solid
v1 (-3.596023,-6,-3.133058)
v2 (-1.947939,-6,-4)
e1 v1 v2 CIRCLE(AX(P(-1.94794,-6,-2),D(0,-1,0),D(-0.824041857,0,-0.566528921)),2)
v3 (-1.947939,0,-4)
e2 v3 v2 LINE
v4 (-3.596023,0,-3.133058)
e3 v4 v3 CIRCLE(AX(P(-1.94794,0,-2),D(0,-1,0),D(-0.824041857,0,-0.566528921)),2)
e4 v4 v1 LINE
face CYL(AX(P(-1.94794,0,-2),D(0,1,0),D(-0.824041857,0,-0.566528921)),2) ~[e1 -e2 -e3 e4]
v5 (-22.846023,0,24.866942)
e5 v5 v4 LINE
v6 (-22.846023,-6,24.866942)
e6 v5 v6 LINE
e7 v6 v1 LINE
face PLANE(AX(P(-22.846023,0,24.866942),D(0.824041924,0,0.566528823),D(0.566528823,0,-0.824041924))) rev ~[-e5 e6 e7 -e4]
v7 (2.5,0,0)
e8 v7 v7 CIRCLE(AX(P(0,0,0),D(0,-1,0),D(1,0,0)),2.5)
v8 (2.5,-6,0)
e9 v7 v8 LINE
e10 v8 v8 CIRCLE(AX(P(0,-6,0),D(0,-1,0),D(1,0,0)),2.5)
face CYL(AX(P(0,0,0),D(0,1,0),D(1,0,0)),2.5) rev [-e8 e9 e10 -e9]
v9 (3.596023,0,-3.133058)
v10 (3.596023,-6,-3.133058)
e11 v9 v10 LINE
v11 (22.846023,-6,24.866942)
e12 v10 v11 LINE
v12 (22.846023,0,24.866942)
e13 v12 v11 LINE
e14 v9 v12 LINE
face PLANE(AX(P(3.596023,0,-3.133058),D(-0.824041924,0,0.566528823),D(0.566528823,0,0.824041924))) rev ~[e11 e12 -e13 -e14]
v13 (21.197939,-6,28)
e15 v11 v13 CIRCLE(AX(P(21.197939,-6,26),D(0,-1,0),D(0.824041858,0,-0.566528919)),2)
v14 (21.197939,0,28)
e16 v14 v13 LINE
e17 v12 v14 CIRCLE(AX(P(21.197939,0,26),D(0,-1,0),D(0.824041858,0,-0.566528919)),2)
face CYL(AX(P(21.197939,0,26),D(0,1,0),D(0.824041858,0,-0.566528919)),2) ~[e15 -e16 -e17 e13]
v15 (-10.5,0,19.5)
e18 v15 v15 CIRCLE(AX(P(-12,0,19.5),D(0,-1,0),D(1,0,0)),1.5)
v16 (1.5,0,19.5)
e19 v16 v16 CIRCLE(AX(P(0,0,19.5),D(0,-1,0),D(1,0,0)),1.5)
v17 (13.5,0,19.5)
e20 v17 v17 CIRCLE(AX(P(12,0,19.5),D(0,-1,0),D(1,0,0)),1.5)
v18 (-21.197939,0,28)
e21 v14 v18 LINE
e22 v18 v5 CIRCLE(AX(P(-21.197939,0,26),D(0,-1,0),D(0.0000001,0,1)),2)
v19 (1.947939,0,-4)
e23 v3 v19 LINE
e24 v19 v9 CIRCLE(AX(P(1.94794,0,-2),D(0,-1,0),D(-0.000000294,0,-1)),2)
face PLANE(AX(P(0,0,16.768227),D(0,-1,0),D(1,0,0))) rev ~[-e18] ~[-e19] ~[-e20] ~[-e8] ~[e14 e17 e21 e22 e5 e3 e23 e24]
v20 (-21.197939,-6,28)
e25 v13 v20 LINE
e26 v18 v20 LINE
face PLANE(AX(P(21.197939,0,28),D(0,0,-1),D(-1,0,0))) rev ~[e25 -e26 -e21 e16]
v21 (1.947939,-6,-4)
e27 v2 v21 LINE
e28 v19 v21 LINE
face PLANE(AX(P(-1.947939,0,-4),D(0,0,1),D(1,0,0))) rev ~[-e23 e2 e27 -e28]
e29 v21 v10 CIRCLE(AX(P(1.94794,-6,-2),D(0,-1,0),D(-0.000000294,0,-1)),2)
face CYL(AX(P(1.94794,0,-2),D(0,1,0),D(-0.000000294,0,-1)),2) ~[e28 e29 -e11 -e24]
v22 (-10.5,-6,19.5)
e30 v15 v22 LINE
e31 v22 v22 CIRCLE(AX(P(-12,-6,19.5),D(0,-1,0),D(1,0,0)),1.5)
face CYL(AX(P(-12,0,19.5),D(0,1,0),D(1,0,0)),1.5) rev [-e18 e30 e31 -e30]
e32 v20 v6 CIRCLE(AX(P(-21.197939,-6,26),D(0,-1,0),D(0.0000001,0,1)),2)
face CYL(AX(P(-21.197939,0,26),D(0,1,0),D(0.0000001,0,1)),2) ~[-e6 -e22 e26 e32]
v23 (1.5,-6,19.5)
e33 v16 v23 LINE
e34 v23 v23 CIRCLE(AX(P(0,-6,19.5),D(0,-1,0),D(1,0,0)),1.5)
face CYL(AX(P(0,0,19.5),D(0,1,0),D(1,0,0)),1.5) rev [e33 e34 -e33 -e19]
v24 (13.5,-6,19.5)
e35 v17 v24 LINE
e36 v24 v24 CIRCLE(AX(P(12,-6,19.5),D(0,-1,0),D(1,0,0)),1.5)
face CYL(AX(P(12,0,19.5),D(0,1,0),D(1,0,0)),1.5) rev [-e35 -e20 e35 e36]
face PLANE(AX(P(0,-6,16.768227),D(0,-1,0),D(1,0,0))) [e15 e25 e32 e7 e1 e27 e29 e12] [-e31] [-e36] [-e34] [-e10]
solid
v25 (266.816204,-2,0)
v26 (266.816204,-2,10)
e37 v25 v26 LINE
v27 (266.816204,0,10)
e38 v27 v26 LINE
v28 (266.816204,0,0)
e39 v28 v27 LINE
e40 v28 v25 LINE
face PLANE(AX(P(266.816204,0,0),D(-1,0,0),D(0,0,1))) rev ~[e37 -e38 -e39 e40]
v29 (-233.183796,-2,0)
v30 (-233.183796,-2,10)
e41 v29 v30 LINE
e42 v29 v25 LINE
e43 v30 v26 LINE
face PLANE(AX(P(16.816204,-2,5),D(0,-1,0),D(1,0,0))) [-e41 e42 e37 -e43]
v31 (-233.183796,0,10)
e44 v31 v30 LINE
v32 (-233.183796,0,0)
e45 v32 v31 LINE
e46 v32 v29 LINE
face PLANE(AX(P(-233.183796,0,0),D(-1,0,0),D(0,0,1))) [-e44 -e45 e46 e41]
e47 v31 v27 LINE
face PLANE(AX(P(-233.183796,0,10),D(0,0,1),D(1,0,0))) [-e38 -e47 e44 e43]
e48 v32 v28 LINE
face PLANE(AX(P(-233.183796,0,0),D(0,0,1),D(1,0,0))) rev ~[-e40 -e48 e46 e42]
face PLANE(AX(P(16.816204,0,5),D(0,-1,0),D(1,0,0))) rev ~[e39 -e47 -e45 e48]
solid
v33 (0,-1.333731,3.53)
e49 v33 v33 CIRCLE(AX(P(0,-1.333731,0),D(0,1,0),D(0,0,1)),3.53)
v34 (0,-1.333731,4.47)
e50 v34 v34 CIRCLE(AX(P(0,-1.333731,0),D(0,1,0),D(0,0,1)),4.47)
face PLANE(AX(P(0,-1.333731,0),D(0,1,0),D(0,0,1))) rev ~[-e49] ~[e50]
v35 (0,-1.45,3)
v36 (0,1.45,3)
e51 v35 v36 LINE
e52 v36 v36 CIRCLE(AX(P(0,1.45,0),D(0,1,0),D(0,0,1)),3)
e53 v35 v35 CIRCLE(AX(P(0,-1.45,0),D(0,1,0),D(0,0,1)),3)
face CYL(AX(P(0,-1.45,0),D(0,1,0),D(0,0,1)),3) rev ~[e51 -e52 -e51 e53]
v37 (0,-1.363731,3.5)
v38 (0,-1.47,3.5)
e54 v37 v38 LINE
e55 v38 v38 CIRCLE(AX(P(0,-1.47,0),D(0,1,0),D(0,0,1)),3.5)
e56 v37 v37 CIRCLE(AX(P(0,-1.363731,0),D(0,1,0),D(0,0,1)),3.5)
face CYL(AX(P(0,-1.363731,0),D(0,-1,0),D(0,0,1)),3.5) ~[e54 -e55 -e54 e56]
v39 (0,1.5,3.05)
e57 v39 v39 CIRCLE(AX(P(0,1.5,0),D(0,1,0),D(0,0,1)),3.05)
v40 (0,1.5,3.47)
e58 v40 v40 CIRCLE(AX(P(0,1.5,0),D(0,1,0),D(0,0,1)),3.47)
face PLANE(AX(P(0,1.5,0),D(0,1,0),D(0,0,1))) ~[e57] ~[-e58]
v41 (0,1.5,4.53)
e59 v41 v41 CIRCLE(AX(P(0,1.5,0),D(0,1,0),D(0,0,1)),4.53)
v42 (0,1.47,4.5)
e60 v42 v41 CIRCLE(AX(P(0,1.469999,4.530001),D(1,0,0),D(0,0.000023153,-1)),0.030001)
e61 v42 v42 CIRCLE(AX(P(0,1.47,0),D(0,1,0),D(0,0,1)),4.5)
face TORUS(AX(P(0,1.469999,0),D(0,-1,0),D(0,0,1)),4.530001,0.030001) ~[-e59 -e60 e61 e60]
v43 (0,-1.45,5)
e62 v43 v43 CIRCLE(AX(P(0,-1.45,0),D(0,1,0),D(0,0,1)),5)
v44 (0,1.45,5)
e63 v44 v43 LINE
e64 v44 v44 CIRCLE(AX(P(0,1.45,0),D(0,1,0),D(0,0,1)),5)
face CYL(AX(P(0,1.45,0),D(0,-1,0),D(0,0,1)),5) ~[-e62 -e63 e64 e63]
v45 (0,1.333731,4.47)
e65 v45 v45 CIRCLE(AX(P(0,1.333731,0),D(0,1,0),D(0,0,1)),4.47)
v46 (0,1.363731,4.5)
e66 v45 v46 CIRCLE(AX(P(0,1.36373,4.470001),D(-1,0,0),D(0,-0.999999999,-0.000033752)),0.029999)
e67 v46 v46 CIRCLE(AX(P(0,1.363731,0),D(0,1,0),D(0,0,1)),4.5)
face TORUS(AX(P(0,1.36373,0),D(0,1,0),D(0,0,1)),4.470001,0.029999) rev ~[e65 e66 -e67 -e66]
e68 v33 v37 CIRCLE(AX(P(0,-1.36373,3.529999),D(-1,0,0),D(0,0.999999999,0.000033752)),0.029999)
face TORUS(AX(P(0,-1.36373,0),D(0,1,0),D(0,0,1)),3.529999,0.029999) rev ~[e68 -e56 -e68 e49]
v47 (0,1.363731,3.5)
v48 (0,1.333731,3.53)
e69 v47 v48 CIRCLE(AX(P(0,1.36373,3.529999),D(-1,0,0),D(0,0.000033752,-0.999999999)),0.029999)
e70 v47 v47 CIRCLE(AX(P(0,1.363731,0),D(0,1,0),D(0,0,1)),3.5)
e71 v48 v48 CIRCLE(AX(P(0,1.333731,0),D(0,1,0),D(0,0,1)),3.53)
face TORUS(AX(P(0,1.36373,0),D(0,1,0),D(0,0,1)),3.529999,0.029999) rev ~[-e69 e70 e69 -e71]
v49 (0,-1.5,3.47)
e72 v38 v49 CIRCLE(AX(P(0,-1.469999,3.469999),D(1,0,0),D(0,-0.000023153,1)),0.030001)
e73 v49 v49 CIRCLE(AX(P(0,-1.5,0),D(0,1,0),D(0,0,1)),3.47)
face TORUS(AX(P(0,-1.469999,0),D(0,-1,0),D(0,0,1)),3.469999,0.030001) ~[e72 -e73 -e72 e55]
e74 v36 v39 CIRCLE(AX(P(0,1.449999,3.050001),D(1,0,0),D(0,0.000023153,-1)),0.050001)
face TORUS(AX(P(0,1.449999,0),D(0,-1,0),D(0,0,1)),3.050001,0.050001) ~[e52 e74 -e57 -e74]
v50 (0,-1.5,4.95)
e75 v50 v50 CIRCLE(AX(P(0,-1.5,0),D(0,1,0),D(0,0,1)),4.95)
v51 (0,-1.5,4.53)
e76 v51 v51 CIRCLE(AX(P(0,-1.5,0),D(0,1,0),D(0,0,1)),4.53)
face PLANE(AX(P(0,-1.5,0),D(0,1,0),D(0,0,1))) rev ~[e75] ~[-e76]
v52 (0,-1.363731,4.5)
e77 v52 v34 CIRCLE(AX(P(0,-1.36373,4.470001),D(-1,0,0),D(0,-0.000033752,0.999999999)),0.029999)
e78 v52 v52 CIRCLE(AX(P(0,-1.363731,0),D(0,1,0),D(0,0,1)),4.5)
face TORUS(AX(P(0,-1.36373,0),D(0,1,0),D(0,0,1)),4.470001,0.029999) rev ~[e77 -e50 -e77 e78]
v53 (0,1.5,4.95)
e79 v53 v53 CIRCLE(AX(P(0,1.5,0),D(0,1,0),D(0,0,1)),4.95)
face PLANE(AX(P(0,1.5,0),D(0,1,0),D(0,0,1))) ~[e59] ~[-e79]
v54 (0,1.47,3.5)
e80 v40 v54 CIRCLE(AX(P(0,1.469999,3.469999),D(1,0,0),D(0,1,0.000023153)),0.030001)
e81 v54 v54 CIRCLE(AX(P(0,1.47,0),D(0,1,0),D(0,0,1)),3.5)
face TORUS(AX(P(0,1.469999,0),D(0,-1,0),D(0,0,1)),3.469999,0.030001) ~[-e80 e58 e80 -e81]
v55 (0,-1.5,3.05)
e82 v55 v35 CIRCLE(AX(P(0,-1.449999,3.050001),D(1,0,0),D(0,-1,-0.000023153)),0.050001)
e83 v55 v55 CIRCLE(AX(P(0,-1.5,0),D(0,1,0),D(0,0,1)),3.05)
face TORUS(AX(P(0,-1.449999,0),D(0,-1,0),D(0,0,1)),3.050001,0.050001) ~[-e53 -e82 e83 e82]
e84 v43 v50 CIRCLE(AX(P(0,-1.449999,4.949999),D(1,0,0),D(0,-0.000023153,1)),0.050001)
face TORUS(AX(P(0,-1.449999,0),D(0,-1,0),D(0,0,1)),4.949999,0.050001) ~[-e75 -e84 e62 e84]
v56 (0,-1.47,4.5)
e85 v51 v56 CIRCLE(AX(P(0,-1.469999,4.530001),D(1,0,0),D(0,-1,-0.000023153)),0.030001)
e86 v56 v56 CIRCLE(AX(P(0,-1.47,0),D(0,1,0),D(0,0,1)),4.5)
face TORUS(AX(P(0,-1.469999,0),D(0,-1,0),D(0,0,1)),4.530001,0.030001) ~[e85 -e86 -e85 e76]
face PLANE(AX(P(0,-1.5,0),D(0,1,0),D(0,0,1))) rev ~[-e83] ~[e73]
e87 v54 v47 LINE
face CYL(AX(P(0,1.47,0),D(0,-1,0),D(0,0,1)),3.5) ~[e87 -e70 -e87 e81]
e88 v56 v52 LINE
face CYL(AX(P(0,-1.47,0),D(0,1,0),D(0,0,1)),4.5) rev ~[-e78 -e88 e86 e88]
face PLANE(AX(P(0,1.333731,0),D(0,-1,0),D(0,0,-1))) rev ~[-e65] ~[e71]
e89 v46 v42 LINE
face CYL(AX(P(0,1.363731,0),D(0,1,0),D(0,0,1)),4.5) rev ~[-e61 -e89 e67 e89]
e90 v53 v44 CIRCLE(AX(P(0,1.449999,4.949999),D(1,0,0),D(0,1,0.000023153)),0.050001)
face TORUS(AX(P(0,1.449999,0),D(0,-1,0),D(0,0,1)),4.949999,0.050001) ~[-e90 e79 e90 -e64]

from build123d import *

# Parameters (mm, degrees)
F2_R     = 2.5
F2_R_2   = 1.5
F3_DEPTH = 6
F4_W     = 500
F4_H     = 10
F5_DEPTH = 2


with BuildPart() as f1:
    # F0 (on Right) → F1 (revolve)
    with BuildSketch(Plane.YZ):
        with BuildLine():
            Line((-1.363731, 3.5), (-1.433072, 3.5))
            Line((-1.433072, 3.5), (-1.47, 3.5))
            ThreePointArc((-1.47, 3.5), (-1.491213, 3.491213), (-1.5, 3.47))
            Line((-1.5, 3.47), (-1.5, 3.05))
            ThreePointArc((-1.5, 3.05), (-1.485355, 3.014645), (-1.45, 3))
            Line((-1.45, 3), (0, 3))
            Line((0, 3), (1.45, 3))
            ThreePointArc((1.45, 3), (1.485355, 3.014645), (1.5, 3.05))
            Line((1.5, 3.05), (1.5, 3.47))
            ThreePointArc((1.5, 3.47), (1.491213, 3.491213), (1.47, 3.5))
            Line((1.47, 3.5), (1.433072, 3.5))
            Line((1.433072, 3.5), (1.363731, 3.5))
            ThreePointArc((1.363731, 3.5), (1.342517, 3.508787), (1.333731, 3.53))
            Line((1.333731, 3.53), (1.333731, 3.599341))
            Line((1.333731, 3.599341), (1.333731, 4))
            Line((1.333731, 4), (1.333731, 4.400659))
            Line((1.333731, 4.400659), (1.333731, 4.47))
            ThreePointArc((1.333731, 4.47), (1.342517, 4.491213), (1.363731, 4.5))
            Line((1.363731, 4.5), (1.433072, 4.5))
            Line((1.433072, 4.5), (1.47, 4.5))
            ThreePointArc((1.47, 4.5), (1.491213, 4.508787), (1.5, 4.53))
            Line((1.5, 4.53), (1.5, 4.95))
            ThreePointArc((1.5, 4.95), (1.485355, 4.985355), (1.45, 5))
            Line((1.45, 5), (0, 5))
            Line((0, 5), (-1.45, 5))
            ThreePointArc((-1.45, 5), (-1.485355, 4.985355), (-1.5, 4.95))
            Line((-1.5, 4.95), (-1.5, 4.53))
            ThreePointArc((-1.5, 4.53), (-1.491213, 4.508787), (-1.47, 4.5))
            Line((-1.47, 4.5), (-1.433072, 4.5))
            Line((-1.433072, 4.5), (-1.363731, 4.5))
            ThreePointArc((-1.363731, 4.5), (-1.342517, 4.491213), (-1.333731, 4.47))
            Line((-1.333731, 4.47), (-1.333731, 4.400659))
            Line((-1.333731, 4.400659), (-1.333731, 4))
            Line((-1.333731, 4), (-1.333731, 3.599341))
            Line((-1.333731, 3.599341), (-1.333731, 3.53))
            ThreePointArc((-1.333731, 3.53), (-1.342517, 3.508787), (-1.363731, 3.5))
        make_face()
    revolve(axis=Axis((0, 0.416491, 0), (0, 1, 0)))


with BuildPart() as f3:
    # F2 (on Front) → F3 (new body)
    with BuildSketch(Plane.XZ):
        with BuildLine():
            Line((21.197939, 28), (0, 28))
            Line((0, 28), (-21.197939, 28))
            ThreePointArc((-21.197939, 28), (-22.967984, 26.931097), (-22.846023, 24.866942))
            Line((-22.846023, 24.866942), (-3.596023, -3.133058))
            ThreePointArc((-3.596023, -3.133058), (-2.879036, -3.770045), (-1.947939, -4))
            Line((-1.947939, -4), (0, -4))
            Line((0, -4), (1.947939, -4))
            ThreePointArc((1.947939, -4), (2.879036, -3.770045), (3.596023, -3.133058))
            Line((3.596023, -3.133058), (22.846023, 24.866942))
            ThreePointArc((22.846023, 24.866942), (22.967984, 26.931097), (21.197939, 28))
        make_face()
        Circle(F2_R, mode=Mode.SUBTRACT)
        with Locations((-12, 19.5)):
            Circle(F2_R_2, mode=Mode.SUBTRACT)
        with Locations((0, 19.5)):
            Circle(F2_R_2, mode=Mode.SUBTRACT)
        with Locations((12, 19.5)):
            Circle(F2_R_2, mode=Mode.SUBTRACT)
    extrude(amount=F3_DEPTH)


with BuildPart() as f5:
    # F4 (on Front) → F5 (new body)
    with BuildSketch(Plane.XZ):
        with Locations((16.816204, 5)):
            Rectangle(F4_W, F4_H)
    extrude(amount=F5_DEPTH)


solid = Compound([f1.part, f3.part, f5.part])
